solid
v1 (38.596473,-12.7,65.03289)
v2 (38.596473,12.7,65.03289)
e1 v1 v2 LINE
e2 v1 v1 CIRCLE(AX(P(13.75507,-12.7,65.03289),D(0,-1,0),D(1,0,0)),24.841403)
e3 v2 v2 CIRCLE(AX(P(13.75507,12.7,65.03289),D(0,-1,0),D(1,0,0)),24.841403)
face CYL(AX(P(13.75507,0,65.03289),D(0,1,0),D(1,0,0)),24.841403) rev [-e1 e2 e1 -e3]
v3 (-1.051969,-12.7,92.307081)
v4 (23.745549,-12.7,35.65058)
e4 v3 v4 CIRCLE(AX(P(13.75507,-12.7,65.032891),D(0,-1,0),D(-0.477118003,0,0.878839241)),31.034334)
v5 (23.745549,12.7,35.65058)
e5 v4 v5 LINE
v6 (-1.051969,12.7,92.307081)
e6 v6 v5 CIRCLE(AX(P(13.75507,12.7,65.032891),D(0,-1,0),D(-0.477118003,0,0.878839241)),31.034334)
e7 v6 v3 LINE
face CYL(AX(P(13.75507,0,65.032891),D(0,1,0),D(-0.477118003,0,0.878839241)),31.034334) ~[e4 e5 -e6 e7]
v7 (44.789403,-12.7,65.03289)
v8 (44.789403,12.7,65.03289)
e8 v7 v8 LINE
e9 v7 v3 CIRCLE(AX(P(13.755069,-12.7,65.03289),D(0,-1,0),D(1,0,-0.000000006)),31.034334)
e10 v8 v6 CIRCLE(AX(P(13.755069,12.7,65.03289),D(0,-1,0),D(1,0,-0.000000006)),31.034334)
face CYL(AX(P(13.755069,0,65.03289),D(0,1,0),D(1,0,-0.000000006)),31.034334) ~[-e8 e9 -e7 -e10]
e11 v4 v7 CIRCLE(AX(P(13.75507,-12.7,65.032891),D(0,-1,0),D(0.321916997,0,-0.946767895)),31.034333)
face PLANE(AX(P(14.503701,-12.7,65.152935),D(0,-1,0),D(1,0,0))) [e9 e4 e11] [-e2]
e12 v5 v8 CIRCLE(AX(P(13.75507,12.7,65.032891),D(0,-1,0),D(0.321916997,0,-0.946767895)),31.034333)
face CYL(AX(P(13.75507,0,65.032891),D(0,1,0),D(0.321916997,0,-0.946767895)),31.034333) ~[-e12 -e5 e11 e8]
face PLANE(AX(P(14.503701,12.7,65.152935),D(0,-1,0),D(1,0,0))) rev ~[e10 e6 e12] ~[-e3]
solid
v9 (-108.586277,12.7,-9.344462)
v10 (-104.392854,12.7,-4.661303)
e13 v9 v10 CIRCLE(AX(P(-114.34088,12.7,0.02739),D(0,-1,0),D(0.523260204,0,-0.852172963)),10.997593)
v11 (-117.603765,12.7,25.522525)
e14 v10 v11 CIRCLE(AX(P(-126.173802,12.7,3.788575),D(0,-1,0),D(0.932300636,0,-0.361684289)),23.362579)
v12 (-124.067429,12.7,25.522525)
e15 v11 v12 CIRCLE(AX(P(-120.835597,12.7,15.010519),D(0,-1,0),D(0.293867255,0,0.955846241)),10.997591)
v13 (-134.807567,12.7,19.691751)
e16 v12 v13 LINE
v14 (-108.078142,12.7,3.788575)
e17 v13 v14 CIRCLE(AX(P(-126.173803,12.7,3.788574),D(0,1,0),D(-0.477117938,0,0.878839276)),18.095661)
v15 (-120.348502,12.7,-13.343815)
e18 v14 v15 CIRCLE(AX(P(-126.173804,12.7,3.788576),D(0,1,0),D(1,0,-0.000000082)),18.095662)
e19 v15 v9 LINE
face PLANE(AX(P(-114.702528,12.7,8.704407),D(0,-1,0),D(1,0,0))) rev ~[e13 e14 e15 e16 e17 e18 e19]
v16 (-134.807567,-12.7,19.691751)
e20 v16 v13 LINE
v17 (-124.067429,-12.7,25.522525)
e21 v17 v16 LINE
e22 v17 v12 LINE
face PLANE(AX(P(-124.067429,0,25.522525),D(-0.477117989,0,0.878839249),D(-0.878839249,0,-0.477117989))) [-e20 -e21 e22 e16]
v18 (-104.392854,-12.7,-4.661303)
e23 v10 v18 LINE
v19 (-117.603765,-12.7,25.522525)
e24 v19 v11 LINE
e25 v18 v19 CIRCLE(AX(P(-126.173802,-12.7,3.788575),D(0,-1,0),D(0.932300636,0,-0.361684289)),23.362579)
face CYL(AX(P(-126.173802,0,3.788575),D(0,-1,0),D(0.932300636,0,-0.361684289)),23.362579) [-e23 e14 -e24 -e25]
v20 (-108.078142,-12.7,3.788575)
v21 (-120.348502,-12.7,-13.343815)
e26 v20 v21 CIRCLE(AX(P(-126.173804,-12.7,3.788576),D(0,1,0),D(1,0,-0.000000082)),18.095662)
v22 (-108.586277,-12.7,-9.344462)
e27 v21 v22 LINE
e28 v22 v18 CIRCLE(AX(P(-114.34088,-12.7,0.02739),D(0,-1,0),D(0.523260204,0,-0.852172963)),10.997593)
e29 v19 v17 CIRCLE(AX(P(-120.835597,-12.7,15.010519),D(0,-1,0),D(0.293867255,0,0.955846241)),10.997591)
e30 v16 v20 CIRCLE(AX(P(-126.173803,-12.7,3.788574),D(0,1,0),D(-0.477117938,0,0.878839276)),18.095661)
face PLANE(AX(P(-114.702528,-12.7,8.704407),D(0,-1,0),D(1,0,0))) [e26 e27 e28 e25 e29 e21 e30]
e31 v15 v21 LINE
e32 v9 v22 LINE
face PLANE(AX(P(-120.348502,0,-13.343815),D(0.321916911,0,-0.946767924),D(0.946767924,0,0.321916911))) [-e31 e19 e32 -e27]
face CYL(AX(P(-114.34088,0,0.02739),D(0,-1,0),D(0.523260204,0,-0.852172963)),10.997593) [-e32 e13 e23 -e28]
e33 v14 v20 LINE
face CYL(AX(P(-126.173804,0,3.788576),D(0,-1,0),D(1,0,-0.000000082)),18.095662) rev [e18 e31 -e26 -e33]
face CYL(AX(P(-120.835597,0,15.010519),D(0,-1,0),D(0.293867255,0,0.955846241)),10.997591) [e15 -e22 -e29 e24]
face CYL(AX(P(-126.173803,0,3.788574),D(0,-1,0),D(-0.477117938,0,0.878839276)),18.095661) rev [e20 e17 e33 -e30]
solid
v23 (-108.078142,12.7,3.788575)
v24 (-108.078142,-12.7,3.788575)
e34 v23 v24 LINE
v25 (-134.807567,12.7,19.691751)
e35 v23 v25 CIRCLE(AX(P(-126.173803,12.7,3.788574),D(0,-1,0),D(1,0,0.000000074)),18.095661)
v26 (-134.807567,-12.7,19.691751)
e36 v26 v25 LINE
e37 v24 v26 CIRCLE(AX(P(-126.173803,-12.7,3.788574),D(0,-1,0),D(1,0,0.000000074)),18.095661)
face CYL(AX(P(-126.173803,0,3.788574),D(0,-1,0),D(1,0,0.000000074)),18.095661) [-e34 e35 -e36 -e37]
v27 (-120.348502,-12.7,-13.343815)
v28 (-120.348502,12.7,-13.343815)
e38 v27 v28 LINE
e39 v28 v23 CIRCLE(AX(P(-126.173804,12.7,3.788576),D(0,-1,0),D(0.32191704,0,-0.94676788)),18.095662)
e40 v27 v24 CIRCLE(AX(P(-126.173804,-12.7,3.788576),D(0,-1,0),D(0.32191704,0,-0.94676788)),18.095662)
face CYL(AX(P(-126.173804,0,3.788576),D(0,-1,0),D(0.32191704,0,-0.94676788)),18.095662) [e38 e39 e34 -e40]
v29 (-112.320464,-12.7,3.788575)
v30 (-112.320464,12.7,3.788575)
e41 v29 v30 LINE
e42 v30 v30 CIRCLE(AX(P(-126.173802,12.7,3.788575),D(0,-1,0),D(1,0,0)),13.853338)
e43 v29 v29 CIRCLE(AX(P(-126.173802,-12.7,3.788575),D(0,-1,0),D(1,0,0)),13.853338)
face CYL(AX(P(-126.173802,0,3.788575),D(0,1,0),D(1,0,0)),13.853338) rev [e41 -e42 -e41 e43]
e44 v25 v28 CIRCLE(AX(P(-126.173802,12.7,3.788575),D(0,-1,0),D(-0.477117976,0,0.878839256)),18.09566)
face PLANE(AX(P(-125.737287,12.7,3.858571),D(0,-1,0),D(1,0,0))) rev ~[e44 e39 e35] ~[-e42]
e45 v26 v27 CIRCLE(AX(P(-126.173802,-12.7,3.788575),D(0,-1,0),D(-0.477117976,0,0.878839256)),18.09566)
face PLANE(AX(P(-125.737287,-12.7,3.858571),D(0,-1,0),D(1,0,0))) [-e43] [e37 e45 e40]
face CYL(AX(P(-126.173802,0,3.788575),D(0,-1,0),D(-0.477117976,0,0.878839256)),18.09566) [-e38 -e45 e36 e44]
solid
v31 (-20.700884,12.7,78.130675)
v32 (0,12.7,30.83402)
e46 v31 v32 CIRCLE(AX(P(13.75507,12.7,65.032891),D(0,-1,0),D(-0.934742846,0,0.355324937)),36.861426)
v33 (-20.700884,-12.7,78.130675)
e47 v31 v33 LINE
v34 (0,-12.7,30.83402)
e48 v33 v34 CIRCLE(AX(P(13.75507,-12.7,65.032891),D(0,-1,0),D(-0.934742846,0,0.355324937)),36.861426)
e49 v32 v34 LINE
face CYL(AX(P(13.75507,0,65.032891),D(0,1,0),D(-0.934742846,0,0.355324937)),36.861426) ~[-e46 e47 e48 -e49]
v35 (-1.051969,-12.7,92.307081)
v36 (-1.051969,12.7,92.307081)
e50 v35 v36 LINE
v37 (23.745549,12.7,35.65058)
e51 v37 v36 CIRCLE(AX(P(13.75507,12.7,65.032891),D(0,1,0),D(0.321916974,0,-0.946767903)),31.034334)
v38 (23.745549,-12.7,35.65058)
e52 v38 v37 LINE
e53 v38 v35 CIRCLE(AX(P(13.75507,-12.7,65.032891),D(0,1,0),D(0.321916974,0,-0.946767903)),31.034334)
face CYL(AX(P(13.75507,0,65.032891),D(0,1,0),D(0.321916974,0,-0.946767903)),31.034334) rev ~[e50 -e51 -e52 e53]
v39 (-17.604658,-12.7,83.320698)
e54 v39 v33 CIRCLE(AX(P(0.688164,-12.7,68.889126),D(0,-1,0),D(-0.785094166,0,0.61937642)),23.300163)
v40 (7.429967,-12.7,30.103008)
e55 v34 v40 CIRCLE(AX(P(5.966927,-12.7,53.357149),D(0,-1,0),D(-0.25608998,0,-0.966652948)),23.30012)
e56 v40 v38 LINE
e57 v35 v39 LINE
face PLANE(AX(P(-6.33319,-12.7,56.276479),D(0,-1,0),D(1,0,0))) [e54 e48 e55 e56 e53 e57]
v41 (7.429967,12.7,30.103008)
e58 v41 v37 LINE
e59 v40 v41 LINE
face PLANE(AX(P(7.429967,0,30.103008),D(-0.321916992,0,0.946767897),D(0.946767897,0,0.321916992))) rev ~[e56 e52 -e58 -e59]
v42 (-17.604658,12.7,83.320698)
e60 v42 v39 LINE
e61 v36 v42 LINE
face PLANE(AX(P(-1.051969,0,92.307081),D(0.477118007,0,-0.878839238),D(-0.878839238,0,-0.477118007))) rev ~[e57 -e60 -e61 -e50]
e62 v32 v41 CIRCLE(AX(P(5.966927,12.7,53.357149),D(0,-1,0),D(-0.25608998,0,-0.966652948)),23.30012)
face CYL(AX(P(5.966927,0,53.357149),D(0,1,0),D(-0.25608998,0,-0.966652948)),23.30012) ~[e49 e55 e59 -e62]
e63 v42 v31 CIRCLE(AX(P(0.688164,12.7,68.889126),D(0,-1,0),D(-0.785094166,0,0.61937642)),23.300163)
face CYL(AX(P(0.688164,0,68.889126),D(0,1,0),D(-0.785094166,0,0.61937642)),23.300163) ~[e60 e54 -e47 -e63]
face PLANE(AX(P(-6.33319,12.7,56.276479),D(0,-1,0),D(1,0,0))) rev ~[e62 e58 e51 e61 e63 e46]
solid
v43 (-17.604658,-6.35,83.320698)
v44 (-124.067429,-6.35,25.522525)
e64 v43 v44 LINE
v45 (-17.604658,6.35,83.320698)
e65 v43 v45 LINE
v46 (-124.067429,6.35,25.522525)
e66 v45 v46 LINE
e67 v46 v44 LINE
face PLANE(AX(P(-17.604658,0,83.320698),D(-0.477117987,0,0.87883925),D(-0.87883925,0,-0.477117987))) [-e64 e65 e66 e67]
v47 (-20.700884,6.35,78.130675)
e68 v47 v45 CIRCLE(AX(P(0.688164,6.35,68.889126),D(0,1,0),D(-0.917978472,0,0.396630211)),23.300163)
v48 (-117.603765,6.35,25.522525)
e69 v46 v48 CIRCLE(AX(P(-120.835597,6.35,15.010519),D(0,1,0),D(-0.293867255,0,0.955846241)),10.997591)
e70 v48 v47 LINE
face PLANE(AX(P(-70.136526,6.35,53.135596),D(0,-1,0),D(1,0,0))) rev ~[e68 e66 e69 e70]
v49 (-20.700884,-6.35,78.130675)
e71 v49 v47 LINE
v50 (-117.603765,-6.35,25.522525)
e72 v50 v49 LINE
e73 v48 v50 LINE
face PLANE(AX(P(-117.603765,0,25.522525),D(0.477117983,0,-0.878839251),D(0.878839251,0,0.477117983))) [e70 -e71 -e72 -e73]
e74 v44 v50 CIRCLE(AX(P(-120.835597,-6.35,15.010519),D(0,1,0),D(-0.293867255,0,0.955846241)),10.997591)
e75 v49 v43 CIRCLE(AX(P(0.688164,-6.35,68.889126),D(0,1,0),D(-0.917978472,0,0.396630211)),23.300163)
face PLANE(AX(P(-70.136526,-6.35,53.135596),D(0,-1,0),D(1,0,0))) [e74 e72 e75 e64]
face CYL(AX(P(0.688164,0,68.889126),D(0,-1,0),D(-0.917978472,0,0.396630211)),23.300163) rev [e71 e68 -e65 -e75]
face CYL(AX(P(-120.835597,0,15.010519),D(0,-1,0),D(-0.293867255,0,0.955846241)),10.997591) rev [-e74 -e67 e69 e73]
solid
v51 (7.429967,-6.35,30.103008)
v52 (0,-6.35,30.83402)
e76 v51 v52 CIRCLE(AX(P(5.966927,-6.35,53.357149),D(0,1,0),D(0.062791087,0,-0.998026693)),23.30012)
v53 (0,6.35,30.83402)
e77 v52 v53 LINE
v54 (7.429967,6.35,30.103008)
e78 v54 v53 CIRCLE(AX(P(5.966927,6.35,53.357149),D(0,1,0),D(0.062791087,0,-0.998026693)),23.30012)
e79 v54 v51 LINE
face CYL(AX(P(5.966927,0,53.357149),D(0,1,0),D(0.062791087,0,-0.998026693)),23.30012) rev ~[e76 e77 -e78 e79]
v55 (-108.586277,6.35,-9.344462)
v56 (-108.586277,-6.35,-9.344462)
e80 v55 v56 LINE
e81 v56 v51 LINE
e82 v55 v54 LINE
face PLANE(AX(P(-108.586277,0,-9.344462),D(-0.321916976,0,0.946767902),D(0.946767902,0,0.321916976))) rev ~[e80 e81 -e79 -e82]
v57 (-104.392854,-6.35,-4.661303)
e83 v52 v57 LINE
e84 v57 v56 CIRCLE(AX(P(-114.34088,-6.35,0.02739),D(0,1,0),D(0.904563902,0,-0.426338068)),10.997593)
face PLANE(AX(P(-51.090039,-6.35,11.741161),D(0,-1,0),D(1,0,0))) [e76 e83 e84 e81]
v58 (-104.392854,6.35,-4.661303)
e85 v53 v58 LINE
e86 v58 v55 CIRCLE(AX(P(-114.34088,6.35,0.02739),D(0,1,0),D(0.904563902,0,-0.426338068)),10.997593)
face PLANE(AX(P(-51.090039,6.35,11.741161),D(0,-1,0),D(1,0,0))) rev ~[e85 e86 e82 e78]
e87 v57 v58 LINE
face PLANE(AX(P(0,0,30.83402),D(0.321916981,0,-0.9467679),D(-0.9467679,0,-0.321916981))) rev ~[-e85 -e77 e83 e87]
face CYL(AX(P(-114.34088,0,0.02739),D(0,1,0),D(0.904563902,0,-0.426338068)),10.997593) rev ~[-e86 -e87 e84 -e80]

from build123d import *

# Parameters (mm, degrees)
F2_R     = 24.841403
F2_R_2   = 13.853338
F3_DEPTH = 12.7
F4_DEPTH = 12.7
F5_DEPTH = 6.35


with BuildPart() as f3:
    # F2 (on Front) → F3 (new body, symmetric)
    with BuildSketch(Plane.XZ):
        with BuildLine():
            ThreePointArc((44.789403, 65.03289), (29.623329, 91.703627), (-1.051969, 92.307081))
            ThreePointArc((-1.051969, 92.307081), (-14.675364, 52.589408), (23.745549, 35.65058))
            ThreePointArc((23.745549, 35.65058), (38.985782, 46.962445), (44.789403, 65.03289))
        make_face()
        with Locations((13.75507, 65.03289)):
            Circle(F2_R, mode=Mode.SUBTRACT)
        with BuildLine():
            ThreePointArc((-120.348502, -13.343815), (-111.462148, -6.748034), (-108.078142, 3.788575))
            ThreePointArc((-108.078142, 3.788575), (-116.921256, 19.339886), (-134.807567, 19.691751))
            ThreePointArc((-134.807567, 19.691751), (-142.751167, -3.467036), (-120.348502, -13.343815))
        make_face()
        with Locations((-126.173802, 3.788575)):
            Circle(F2_R_2, mode=Mode.SUBTRACT)
    extrude(amount=F3_DEPTH, both=True)


with BuildPart() as f4:
    # F2 (on Front) → F4 (new body, symmetric)
    with BuildSketch(Plane.XZ):
        with BuildLine():
            Line((-1.051969, 92.307081), (-17.604658, 83.320698))
            ThreePointArc((-17.604658, 83.320698), (-19.321753, 80.826497), (-20.700884, 78.130675))
            ThreePointArc((-20.700884, 78.130675), (-20.013541, 50.252985), (0, 30.83402))
            ThreePointArc((0, 30.83402), (3.685515, 30.16899), (7.429967, 30.103008))
            Line((7.429967, 30.103008), (23.745549, 35.65058))
            ThreePointArc((23.745549, 35.65058), (-14.675364, 52.589408), (-1.051969, 92.307081))
        make_face()
        with BuildLine():
            ThreePointArc((-134.807567, 19.691751), (-116.921256, 19.339886), (-108.078142, 3.788575))
            ThreePointArc((-108.078142, 3.788575), (-111.462148, -6.748034), (-120.348502, -13.343815))
            Line((-120.348502, -13.343815), (-108.586277, -9.344462))
            ThreePointArc((-108.586277, -9.344462), (-106.147826, -7.308885), (-104.392854, -4.661303))
            ThreePointArc((-104.392854, -4.661303), (-104.771432, 13.156002), (-117.603765, 25.522525))
            ThreePointArc((-117.603765, 25.522525), (-120.835597, 26.00811), (-124.067429, 25.522525))
            Line((-124.067429, 25.522525), (-134.807567, 19.691751))
        make_face()
    extrude(amount=F4_DEPTH, both=True)


with BuildPart() as f5:
    # F2 (on Front) → F5 (new body, symmetric)
    with BuildSketch(Plane.XZ):
        with BuildLine():
            ThreePointArc((-104.392854, -4.661303), (-106.147826, -7.308885), (-108.586277, -9.344462))
            Line((-108.586277, -9.344462), (7.429967, 30.103008))
            ThreePointArc((7.429967, 30.103008), (3.685515, 30.16899), (0, 30.83402))
            Line((0, 30.83402), (-104.392854, -4.661303))
        make_face()
        with BuildLine():
            Line((-17.604658, 83.320698), (-124.067429, 25.522525))
            ThreePointArc((-124.067429, 25.522525), (-120.835597, 26.00811), (-117.603765, 25.522525))
            Line((-117.603765, 25.522525), (-20.700884, 78.130675))
            ThreePointArc((-20.700884, 78.130675), (-19.321753, 80.826497), (-17.604658, 83.320698))
        make_face()
    extrude(amount=F5_DEPTH, both=True)


solid = Compound([f3.part, f4.part, f5.part])
